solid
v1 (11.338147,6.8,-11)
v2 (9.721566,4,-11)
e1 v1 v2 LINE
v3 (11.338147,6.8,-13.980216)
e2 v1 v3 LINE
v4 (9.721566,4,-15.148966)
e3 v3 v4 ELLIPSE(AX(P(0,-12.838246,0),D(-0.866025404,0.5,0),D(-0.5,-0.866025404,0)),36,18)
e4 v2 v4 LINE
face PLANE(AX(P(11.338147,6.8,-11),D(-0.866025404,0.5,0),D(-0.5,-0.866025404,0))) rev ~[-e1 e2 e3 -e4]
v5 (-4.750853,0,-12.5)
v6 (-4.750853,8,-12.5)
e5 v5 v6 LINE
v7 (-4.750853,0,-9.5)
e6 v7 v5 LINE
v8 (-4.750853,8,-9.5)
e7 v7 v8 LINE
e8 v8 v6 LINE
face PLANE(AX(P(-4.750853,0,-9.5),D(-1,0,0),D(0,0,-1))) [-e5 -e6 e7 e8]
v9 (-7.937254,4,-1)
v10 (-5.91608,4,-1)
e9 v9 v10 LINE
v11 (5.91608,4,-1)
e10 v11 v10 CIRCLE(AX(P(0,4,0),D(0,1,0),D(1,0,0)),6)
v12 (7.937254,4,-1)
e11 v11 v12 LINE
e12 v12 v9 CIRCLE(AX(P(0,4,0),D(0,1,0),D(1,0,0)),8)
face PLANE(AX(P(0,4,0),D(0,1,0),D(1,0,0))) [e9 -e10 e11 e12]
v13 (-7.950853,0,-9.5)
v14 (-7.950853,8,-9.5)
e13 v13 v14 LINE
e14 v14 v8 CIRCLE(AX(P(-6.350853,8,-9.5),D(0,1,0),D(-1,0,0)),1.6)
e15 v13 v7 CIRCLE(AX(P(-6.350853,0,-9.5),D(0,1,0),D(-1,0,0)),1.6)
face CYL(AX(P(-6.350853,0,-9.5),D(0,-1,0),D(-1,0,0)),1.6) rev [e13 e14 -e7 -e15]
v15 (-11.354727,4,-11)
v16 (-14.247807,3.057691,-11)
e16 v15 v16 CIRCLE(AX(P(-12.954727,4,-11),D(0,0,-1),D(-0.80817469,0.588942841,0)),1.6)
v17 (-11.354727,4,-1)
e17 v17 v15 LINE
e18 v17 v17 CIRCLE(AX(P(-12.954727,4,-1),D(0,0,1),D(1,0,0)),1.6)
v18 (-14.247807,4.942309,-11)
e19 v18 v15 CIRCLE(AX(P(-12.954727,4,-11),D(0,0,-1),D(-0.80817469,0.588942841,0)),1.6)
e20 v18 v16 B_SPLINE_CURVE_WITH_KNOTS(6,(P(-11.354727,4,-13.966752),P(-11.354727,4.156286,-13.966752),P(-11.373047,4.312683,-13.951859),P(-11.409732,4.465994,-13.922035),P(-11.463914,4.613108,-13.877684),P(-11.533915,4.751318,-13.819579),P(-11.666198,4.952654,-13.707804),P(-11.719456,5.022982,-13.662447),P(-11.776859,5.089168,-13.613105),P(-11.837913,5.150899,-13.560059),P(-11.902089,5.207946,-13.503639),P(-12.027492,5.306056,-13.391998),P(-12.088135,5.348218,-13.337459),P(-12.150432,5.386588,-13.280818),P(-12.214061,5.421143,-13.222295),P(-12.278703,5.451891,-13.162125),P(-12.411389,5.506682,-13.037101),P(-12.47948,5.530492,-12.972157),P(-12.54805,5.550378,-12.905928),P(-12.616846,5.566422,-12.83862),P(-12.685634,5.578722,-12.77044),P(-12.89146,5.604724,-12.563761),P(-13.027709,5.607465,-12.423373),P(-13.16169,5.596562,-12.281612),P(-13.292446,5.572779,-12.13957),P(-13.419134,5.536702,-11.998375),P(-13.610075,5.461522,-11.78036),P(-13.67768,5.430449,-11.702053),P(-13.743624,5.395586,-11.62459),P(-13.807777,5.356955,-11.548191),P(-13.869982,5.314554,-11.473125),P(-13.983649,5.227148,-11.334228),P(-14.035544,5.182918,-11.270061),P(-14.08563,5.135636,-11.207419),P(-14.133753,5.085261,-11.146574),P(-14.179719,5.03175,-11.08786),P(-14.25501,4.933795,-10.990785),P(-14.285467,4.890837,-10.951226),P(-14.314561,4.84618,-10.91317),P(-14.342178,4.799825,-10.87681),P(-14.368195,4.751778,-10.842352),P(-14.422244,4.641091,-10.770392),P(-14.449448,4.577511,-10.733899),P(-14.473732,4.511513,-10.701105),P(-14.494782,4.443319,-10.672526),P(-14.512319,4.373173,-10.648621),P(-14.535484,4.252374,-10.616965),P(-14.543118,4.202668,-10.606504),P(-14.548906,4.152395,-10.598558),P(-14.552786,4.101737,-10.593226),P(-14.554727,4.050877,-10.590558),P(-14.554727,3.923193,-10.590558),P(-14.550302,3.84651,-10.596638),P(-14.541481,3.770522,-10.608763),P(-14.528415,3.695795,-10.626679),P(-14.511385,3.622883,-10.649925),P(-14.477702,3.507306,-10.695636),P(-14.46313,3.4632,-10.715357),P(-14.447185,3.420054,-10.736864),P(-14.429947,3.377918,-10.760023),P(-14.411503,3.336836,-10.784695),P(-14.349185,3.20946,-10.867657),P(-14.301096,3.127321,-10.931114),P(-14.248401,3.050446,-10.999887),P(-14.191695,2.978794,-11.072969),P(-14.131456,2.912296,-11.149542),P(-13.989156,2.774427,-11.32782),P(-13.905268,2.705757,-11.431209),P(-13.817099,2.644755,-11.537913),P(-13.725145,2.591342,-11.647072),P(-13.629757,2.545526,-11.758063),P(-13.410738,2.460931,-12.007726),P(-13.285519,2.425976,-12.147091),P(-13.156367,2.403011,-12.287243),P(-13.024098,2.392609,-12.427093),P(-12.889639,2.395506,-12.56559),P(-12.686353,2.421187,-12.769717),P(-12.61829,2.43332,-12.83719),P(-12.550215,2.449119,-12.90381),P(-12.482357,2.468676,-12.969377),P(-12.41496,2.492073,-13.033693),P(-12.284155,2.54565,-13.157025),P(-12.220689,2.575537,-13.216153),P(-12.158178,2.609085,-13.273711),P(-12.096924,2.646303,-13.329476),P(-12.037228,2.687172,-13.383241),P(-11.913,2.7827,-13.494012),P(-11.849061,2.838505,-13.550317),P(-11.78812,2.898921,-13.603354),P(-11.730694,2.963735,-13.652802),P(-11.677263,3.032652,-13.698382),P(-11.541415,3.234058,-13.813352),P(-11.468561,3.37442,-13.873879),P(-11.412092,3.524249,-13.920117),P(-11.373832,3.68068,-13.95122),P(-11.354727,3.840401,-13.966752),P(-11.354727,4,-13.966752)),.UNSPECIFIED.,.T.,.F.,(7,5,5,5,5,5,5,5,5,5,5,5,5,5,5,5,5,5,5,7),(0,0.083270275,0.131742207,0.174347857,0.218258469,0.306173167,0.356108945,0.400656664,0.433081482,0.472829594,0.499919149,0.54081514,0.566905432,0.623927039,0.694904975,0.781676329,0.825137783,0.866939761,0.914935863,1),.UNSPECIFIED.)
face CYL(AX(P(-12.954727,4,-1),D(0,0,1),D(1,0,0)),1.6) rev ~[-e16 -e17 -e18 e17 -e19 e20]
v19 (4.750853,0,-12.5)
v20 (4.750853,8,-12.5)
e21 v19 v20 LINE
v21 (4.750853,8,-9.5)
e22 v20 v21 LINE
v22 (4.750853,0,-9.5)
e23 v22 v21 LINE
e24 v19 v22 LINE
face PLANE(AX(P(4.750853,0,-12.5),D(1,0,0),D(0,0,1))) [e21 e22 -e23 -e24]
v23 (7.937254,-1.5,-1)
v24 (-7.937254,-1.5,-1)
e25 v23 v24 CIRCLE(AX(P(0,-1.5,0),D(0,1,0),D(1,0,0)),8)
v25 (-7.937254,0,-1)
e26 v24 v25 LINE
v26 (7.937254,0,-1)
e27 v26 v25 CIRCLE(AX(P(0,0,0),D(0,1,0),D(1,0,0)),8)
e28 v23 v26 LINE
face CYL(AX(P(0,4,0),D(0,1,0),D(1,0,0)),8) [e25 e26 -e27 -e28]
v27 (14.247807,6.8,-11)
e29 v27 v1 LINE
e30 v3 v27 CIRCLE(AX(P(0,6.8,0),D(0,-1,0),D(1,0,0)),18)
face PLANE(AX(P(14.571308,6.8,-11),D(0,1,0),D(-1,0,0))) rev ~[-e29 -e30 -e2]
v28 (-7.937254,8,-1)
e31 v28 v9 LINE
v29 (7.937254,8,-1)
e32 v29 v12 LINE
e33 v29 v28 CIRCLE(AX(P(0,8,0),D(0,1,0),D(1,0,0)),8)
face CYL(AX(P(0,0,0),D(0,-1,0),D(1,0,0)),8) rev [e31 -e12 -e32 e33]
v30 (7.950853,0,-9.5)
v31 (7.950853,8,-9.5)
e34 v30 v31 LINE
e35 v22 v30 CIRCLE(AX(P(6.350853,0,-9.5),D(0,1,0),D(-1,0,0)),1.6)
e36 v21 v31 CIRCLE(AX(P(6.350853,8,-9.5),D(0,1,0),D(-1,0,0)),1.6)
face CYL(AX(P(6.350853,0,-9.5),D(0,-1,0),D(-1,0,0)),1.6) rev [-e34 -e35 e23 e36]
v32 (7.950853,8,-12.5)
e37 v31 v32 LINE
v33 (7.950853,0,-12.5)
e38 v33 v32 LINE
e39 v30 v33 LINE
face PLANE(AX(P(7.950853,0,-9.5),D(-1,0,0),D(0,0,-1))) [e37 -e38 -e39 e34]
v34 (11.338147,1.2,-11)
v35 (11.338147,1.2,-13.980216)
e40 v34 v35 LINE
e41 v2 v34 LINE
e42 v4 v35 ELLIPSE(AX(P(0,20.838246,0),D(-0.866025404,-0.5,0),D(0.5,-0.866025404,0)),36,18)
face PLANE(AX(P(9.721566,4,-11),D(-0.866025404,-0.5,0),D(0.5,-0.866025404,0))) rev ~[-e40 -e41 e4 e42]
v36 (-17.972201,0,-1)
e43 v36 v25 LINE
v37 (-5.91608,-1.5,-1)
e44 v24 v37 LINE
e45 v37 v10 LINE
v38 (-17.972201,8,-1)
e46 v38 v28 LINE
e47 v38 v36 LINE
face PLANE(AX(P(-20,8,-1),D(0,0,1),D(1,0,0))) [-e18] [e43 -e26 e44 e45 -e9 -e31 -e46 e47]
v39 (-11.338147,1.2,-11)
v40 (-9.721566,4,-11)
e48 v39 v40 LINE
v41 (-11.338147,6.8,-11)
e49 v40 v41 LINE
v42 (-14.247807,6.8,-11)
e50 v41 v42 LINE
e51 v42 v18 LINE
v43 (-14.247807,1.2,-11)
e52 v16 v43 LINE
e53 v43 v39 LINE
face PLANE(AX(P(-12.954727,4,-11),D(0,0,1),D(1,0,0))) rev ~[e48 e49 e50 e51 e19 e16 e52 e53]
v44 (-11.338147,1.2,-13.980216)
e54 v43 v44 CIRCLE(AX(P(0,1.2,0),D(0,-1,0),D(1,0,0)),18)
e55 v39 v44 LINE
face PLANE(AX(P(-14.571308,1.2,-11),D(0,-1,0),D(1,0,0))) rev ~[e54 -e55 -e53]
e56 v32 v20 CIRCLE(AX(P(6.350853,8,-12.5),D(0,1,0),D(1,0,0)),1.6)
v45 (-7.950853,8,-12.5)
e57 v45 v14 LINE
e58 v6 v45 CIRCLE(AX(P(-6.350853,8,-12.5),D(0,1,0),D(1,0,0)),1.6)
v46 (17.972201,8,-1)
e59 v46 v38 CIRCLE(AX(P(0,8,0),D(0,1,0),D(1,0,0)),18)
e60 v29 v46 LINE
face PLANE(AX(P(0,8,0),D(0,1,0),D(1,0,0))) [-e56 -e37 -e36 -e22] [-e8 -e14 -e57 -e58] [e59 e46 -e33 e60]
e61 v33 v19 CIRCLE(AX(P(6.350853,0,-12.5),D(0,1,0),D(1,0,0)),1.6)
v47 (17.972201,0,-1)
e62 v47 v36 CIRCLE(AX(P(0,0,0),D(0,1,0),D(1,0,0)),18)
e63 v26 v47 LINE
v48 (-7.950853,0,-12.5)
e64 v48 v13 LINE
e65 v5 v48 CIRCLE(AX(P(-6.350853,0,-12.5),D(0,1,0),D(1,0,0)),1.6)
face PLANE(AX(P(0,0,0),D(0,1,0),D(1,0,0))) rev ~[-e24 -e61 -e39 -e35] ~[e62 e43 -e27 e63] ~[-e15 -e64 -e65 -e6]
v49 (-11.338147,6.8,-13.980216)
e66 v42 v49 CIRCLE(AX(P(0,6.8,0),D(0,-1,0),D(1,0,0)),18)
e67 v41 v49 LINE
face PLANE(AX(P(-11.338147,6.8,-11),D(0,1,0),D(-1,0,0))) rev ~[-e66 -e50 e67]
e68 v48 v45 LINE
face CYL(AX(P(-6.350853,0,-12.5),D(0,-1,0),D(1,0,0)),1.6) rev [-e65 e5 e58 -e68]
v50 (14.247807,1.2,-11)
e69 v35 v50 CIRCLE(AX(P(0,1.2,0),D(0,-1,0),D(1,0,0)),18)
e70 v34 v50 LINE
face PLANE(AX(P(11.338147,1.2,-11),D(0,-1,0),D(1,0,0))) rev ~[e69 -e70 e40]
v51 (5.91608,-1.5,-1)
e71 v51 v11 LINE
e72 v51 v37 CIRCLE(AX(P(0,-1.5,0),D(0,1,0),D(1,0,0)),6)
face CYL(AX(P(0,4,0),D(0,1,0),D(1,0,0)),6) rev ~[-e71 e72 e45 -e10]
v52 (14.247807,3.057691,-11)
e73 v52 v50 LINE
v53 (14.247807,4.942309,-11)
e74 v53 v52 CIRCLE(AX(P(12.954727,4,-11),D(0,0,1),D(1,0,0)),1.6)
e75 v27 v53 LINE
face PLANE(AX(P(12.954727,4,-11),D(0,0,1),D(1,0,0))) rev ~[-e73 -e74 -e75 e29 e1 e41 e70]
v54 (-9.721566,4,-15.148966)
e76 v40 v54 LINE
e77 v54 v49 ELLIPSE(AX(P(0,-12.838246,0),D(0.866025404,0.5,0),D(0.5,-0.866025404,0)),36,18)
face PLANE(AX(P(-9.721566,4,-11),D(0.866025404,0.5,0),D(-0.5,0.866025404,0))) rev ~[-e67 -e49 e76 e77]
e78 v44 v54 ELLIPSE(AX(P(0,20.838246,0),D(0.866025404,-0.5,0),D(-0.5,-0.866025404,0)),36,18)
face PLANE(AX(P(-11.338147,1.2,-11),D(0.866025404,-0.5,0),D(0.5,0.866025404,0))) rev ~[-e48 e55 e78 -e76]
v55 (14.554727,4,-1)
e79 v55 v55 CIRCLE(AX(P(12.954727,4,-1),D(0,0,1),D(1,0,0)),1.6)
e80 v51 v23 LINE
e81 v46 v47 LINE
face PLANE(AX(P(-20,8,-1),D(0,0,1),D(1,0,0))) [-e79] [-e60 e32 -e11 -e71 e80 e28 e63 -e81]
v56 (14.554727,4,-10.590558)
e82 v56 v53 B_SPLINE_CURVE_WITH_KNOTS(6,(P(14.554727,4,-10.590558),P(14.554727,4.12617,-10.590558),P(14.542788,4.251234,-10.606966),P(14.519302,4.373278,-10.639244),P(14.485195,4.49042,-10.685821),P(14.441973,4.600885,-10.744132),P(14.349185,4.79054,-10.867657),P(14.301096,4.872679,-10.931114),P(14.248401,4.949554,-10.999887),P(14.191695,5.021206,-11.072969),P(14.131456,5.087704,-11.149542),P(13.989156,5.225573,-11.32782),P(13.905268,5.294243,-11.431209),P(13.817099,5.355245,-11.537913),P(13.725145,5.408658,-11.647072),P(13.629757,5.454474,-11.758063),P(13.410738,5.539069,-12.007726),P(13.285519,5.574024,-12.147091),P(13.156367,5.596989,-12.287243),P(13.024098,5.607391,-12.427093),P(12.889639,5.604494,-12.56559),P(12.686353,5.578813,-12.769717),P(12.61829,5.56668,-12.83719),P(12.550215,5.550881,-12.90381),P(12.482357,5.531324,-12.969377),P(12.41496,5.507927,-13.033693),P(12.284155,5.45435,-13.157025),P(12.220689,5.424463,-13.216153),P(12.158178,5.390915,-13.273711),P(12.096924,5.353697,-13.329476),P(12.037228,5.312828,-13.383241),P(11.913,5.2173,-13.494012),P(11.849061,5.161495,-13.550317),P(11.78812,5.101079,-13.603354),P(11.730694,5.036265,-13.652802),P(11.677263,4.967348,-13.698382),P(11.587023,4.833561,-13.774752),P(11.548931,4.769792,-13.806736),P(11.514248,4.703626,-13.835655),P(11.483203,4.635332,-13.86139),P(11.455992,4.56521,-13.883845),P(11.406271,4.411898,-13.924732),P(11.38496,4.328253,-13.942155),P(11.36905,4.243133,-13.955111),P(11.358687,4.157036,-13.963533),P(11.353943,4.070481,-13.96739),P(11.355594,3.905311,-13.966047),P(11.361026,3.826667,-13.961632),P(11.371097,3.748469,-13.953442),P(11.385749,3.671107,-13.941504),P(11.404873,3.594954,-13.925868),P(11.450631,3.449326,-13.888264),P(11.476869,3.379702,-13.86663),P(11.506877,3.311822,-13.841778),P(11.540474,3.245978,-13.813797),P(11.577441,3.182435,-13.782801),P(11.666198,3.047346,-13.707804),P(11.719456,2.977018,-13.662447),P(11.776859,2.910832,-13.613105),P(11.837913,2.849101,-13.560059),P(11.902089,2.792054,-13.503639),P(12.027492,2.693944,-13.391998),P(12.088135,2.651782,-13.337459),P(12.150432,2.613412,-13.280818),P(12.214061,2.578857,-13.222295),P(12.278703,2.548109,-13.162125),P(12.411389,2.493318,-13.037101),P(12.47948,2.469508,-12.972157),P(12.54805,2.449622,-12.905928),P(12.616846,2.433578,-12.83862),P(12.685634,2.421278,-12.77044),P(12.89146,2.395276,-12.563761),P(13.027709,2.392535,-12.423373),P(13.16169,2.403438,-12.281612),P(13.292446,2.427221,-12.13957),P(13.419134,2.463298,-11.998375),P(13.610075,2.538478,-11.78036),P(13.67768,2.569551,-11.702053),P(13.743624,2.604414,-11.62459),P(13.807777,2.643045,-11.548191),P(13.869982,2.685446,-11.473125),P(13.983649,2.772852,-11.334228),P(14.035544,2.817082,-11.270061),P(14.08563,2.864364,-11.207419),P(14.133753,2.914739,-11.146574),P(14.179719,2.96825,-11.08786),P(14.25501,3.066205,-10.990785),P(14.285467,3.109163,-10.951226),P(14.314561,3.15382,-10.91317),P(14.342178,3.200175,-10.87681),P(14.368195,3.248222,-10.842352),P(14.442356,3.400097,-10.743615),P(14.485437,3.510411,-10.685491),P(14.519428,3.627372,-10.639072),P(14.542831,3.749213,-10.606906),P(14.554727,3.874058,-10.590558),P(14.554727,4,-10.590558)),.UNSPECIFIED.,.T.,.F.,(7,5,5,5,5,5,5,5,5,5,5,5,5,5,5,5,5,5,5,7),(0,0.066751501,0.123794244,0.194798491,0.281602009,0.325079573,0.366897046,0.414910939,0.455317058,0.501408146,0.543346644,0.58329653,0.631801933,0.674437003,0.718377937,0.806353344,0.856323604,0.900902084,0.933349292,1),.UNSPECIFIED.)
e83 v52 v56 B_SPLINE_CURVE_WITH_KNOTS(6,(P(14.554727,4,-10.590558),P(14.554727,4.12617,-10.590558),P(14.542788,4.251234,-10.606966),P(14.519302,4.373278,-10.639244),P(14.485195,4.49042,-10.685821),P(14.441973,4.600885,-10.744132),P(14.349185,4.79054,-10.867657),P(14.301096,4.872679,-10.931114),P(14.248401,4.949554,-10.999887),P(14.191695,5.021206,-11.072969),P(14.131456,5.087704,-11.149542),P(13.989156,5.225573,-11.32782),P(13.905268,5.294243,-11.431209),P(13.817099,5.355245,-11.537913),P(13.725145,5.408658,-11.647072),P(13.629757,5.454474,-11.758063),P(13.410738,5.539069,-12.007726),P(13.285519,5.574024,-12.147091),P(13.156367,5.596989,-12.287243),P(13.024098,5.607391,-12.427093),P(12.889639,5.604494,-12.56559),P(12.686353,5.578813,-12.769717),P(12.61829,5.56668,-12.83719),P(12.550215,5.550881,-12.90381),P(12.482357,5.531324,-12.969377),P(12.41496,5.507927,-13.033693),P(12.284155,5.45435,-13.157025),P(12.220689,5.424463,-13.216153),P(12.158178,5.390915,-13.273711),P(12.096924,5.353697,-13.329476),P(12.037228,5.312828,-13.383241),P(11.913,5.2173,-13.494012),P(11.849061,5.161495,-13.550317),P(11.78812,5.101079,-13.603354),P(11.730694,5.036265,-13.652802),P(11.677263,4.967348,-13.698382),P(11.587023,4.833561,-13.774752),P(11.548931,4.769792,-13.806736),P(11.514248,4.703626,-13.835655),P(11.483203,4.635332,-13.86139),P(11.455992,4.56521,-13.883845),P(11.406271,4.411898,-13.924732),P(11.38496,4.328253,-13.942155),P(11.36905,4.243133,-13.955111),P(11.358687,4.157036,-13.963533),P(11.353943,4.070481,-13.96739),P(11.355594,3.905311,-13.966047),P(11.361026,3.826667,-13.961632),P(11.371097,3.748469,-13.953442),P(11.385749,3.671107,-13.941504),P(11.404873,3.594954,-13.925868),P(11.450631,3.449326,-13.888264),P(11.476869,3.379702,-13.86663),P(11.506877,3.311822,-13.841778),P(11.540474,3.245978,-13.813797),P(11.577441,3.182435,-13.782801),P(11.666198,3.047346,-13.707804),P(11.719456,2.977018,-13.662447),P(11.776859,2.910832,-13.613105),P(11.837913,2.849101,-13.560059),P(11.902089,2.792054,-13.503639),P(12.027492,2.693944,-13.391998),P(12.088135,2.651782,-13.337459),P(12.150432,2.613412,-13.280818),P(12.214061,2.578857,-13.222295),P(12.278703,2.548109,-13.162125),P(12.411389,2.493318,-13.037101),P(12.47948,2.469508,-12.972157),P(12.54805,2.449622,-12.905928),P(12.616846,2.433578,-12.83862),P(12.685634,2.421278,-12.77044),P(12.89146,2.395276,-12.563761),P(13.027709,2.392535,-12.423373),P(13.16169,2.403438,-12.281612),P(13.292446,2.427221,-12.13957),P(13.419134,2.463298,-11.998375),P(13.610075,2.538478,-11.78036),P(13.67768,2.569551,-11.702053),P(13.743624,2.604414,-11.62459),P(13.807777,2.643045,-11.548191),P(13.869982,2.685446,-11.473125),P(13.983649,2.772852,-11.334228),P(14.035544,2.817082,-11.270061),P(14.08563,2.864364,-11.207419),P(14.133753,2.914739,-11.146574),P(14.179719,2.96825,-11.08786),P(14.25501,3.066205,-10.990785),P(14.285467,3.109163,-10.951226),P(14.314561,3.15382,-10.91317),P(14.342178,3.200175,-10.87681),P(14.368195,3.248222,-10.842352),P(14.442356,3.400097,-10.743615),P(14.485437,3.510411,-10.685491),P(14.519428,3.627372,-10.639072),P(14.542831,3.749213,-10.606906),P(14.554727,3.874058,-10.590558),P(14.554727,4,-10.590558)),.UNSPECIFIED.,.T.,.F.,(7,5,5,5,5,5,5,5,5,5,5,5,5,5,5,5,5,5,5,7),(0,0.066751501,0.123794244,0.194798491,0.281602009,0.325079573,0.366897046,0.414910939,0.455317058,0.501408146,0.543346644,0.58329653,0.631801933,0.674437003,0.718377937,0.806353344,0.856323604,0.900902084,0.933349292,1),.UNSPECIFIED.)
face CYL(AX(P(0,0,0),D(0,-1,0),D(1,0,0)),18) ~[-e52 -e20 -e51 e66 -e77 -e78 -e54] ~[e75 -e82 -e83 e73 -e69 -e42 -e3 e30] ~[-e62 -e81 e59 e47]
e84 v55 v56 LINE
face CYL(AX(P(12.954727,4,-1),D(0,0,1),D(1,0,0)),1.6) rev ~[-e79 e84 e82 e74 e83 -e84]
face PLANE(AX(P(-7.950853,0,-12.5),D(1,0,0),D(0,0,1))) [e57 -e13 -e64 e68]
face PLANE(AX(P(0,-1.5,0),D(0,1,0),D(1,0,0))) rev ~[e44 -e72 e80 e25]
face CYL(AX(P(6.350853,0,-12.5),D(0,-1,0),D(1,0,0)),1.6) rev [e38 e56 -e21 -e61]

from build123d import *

# Parameters (mm, degrees)
SKETCH1_R           = 18
SKETCH1_R_2         = 8
BOSS_EXTRUDE1_DEPTH = 8
SKETCH2_R           = 8
SKETCH2_R_2         = 6
BOSS_EXTRUDE2_DEPTH = 5.5
SKETCH3_W           = 40
SKETCH3_H           = 20
CUT_EXTRUDE1_DEPTH  = 10.5
CUT_EXTRUDE2_REACH  = 19
SKETCH5_R           = 1.6
CUT_EXTRUDE3_REACH  = 29
CUT_EXTRUDE3_START  = -10


with BuildPart() as part:
    # Sketch1 → Boss-Extrude1 (new body)
    with BuildSketch(Plane(origin=(0, 0, 0), x_dir=(1, 0, 0), z_dir=(0, 1, 0))):
        Circle(SKETCH1_R)
        Circle(SKETCH1_R_2, mode=Mode.SUBTRACT)
        with BuildLine():
            Line((-7.950852961, 12.5), (-7.950852961, 9.5))
            ThreePointArc((-7.950852961, 9.5), (-6.350852961, 7.9), (-4.750852961, 9.5))
            Line((-4.750852961, 9.5), (-4.750852961, 12.5))
            ThreePointArc((-4.750852961, 12.5), (-6.350852961, 14.1), (-7.950852961, 12.5))
        make_face(mode=Mode.SUBTRACT)
        with BuildLine():
            Line((4.750852961, 12.5), (4.750852961, 9.5))
            ThreePointArc((4.750852961, 9.5), (6.350852961, 7.9), (7.950852961, 9.5))
            Line((7.950852961, 9.5), (7.950852961, 12.5))
            ThreePointArc((7.950852961, 12.5), (6.350852961, 14.1), (4.750852961, 12.5))
        make_face(mode=Mode.SUBTRACT)
    extrude(amount=BOSS_EXTRUDE1_DEPTH)

    # Sketch2 → Boss-Extrude2 (add)
    with BuildSketch(Plane(origin=(0, 4, 0), x_dir=(1, 0, 0), z_dir=(0, 1, 0))):
        Circle(SKETCH2_R)
        Circle(SKETCH2_R_2, mode=Mode.SUBTRACT)
    extrude(amount=-BOSS_EXTRUDE2_DEPTH)

    # Sketch3 → Cut-Extrude1 (cut, through all)
    with BuildSketch(Plane(origin=(0, 8, 0), x_dir=(1, 0, 0), z_dir=(0, 1, 0))):
        with Locations((0, -9)):
            Rectangle(SKETCH3_W, SKETCH3_H)
    extrude(amount=-CUT_EXTRUDE1_DEPTH, mode=Mode.SUBTRACT)

    # Sketch5 → Cut-Extrude2 (cut, up to next)
    with BuildSketch(Plane.XY.offset(-1), mode=Mode.PRIVATE) as cut_extrude2_sk1:
        with Locations((-12.954727344, 4)):
            Circle(SKETCH5_R)
    cut_extrude2_tool1 = extrude(cut_extrude2_sk1.sketch, amount=-CUT_EXTRUDE2_REACH, mode=Mode.PRIVATE) & part.part
    add(cut_extrude2_tool1.solids().sort_by_distance((-12.954727, 4, -1))[0], mode=Mode.SUBTRACT)
    # Sketch5 → Cut-Extrude2 (cut, up to next)
    with BuildSketch(Plane.XY.offset(-1), mode=Mode.PRIVATE) as cut_extrude2_sk2:
        with Locations((12.954727344, 4)):
            Circle(SKETCH5_R)
    cut_extrude2_tool2 = extrude(cut_extrude2_sk2.sketch, amount=-CUT_EXTRUDE2_REACH, mode=Mode.PRIVATE) & part.part
    add(cut_extrude2_tool2.solids().sort_by_distance((12.954727, 4, -1))[0], mode=Mode.SUBTRACT)

    # Sketch6 → Cut-Extrude3 (cut, up to next)
    with BuildSketch(Plane.XY.offset(-1).offset(CUT_EXTRUDE3_START), mode=Mode.PRIVATE) as cut_extrude3_sk1:
        Polygon((-9.721565837, 4), (-11.338146591, 6.8), (-14.571308098, 6.8), (-16.187888852, 4), (-14.571308098, 1.2), (-11.338146591, 1.2), align=None)
    cut_extrude3_tool1 = extrude(cut_extrude3_sk1.sketch, amount=-CUT_EXTRUDE3_REACH, mode=Mode.PRIVATE) & part.part
    add(cut_extrude3_tool1.solids().sort_by_distance((-12.954727, 4, -11))[0], mode=Mode.SUBTRACT)
    # Sketch6 → Cut-Extrude3 (cut, up to next)
    with BuildSketch(Plane.XY.offset(-1).offset(CUT_EXTRUDE3_START), mode=Mode.PRIVATE) as cut_extrude3_sk2:
        Polygon((16.187888852, 4), (14.571308098, 6.8), (11.338146591, 6.8), (9.721565837, 4), (11.338146591, 1.2), (14.571308098, 1.2), align=None)
    cut_extrude3_tool2 = extrude(cut_extrude3_sk2.sketch, amount=-CUT_EXTRUDE3_REACH, mode=Mode.PRIVATE) & part.part
    add(cut_extrude3_tool2.solids().sort_by_distance((12.954727, 4, -11))[0], mode=Mode.SUBTRACT)


solid = part.part
